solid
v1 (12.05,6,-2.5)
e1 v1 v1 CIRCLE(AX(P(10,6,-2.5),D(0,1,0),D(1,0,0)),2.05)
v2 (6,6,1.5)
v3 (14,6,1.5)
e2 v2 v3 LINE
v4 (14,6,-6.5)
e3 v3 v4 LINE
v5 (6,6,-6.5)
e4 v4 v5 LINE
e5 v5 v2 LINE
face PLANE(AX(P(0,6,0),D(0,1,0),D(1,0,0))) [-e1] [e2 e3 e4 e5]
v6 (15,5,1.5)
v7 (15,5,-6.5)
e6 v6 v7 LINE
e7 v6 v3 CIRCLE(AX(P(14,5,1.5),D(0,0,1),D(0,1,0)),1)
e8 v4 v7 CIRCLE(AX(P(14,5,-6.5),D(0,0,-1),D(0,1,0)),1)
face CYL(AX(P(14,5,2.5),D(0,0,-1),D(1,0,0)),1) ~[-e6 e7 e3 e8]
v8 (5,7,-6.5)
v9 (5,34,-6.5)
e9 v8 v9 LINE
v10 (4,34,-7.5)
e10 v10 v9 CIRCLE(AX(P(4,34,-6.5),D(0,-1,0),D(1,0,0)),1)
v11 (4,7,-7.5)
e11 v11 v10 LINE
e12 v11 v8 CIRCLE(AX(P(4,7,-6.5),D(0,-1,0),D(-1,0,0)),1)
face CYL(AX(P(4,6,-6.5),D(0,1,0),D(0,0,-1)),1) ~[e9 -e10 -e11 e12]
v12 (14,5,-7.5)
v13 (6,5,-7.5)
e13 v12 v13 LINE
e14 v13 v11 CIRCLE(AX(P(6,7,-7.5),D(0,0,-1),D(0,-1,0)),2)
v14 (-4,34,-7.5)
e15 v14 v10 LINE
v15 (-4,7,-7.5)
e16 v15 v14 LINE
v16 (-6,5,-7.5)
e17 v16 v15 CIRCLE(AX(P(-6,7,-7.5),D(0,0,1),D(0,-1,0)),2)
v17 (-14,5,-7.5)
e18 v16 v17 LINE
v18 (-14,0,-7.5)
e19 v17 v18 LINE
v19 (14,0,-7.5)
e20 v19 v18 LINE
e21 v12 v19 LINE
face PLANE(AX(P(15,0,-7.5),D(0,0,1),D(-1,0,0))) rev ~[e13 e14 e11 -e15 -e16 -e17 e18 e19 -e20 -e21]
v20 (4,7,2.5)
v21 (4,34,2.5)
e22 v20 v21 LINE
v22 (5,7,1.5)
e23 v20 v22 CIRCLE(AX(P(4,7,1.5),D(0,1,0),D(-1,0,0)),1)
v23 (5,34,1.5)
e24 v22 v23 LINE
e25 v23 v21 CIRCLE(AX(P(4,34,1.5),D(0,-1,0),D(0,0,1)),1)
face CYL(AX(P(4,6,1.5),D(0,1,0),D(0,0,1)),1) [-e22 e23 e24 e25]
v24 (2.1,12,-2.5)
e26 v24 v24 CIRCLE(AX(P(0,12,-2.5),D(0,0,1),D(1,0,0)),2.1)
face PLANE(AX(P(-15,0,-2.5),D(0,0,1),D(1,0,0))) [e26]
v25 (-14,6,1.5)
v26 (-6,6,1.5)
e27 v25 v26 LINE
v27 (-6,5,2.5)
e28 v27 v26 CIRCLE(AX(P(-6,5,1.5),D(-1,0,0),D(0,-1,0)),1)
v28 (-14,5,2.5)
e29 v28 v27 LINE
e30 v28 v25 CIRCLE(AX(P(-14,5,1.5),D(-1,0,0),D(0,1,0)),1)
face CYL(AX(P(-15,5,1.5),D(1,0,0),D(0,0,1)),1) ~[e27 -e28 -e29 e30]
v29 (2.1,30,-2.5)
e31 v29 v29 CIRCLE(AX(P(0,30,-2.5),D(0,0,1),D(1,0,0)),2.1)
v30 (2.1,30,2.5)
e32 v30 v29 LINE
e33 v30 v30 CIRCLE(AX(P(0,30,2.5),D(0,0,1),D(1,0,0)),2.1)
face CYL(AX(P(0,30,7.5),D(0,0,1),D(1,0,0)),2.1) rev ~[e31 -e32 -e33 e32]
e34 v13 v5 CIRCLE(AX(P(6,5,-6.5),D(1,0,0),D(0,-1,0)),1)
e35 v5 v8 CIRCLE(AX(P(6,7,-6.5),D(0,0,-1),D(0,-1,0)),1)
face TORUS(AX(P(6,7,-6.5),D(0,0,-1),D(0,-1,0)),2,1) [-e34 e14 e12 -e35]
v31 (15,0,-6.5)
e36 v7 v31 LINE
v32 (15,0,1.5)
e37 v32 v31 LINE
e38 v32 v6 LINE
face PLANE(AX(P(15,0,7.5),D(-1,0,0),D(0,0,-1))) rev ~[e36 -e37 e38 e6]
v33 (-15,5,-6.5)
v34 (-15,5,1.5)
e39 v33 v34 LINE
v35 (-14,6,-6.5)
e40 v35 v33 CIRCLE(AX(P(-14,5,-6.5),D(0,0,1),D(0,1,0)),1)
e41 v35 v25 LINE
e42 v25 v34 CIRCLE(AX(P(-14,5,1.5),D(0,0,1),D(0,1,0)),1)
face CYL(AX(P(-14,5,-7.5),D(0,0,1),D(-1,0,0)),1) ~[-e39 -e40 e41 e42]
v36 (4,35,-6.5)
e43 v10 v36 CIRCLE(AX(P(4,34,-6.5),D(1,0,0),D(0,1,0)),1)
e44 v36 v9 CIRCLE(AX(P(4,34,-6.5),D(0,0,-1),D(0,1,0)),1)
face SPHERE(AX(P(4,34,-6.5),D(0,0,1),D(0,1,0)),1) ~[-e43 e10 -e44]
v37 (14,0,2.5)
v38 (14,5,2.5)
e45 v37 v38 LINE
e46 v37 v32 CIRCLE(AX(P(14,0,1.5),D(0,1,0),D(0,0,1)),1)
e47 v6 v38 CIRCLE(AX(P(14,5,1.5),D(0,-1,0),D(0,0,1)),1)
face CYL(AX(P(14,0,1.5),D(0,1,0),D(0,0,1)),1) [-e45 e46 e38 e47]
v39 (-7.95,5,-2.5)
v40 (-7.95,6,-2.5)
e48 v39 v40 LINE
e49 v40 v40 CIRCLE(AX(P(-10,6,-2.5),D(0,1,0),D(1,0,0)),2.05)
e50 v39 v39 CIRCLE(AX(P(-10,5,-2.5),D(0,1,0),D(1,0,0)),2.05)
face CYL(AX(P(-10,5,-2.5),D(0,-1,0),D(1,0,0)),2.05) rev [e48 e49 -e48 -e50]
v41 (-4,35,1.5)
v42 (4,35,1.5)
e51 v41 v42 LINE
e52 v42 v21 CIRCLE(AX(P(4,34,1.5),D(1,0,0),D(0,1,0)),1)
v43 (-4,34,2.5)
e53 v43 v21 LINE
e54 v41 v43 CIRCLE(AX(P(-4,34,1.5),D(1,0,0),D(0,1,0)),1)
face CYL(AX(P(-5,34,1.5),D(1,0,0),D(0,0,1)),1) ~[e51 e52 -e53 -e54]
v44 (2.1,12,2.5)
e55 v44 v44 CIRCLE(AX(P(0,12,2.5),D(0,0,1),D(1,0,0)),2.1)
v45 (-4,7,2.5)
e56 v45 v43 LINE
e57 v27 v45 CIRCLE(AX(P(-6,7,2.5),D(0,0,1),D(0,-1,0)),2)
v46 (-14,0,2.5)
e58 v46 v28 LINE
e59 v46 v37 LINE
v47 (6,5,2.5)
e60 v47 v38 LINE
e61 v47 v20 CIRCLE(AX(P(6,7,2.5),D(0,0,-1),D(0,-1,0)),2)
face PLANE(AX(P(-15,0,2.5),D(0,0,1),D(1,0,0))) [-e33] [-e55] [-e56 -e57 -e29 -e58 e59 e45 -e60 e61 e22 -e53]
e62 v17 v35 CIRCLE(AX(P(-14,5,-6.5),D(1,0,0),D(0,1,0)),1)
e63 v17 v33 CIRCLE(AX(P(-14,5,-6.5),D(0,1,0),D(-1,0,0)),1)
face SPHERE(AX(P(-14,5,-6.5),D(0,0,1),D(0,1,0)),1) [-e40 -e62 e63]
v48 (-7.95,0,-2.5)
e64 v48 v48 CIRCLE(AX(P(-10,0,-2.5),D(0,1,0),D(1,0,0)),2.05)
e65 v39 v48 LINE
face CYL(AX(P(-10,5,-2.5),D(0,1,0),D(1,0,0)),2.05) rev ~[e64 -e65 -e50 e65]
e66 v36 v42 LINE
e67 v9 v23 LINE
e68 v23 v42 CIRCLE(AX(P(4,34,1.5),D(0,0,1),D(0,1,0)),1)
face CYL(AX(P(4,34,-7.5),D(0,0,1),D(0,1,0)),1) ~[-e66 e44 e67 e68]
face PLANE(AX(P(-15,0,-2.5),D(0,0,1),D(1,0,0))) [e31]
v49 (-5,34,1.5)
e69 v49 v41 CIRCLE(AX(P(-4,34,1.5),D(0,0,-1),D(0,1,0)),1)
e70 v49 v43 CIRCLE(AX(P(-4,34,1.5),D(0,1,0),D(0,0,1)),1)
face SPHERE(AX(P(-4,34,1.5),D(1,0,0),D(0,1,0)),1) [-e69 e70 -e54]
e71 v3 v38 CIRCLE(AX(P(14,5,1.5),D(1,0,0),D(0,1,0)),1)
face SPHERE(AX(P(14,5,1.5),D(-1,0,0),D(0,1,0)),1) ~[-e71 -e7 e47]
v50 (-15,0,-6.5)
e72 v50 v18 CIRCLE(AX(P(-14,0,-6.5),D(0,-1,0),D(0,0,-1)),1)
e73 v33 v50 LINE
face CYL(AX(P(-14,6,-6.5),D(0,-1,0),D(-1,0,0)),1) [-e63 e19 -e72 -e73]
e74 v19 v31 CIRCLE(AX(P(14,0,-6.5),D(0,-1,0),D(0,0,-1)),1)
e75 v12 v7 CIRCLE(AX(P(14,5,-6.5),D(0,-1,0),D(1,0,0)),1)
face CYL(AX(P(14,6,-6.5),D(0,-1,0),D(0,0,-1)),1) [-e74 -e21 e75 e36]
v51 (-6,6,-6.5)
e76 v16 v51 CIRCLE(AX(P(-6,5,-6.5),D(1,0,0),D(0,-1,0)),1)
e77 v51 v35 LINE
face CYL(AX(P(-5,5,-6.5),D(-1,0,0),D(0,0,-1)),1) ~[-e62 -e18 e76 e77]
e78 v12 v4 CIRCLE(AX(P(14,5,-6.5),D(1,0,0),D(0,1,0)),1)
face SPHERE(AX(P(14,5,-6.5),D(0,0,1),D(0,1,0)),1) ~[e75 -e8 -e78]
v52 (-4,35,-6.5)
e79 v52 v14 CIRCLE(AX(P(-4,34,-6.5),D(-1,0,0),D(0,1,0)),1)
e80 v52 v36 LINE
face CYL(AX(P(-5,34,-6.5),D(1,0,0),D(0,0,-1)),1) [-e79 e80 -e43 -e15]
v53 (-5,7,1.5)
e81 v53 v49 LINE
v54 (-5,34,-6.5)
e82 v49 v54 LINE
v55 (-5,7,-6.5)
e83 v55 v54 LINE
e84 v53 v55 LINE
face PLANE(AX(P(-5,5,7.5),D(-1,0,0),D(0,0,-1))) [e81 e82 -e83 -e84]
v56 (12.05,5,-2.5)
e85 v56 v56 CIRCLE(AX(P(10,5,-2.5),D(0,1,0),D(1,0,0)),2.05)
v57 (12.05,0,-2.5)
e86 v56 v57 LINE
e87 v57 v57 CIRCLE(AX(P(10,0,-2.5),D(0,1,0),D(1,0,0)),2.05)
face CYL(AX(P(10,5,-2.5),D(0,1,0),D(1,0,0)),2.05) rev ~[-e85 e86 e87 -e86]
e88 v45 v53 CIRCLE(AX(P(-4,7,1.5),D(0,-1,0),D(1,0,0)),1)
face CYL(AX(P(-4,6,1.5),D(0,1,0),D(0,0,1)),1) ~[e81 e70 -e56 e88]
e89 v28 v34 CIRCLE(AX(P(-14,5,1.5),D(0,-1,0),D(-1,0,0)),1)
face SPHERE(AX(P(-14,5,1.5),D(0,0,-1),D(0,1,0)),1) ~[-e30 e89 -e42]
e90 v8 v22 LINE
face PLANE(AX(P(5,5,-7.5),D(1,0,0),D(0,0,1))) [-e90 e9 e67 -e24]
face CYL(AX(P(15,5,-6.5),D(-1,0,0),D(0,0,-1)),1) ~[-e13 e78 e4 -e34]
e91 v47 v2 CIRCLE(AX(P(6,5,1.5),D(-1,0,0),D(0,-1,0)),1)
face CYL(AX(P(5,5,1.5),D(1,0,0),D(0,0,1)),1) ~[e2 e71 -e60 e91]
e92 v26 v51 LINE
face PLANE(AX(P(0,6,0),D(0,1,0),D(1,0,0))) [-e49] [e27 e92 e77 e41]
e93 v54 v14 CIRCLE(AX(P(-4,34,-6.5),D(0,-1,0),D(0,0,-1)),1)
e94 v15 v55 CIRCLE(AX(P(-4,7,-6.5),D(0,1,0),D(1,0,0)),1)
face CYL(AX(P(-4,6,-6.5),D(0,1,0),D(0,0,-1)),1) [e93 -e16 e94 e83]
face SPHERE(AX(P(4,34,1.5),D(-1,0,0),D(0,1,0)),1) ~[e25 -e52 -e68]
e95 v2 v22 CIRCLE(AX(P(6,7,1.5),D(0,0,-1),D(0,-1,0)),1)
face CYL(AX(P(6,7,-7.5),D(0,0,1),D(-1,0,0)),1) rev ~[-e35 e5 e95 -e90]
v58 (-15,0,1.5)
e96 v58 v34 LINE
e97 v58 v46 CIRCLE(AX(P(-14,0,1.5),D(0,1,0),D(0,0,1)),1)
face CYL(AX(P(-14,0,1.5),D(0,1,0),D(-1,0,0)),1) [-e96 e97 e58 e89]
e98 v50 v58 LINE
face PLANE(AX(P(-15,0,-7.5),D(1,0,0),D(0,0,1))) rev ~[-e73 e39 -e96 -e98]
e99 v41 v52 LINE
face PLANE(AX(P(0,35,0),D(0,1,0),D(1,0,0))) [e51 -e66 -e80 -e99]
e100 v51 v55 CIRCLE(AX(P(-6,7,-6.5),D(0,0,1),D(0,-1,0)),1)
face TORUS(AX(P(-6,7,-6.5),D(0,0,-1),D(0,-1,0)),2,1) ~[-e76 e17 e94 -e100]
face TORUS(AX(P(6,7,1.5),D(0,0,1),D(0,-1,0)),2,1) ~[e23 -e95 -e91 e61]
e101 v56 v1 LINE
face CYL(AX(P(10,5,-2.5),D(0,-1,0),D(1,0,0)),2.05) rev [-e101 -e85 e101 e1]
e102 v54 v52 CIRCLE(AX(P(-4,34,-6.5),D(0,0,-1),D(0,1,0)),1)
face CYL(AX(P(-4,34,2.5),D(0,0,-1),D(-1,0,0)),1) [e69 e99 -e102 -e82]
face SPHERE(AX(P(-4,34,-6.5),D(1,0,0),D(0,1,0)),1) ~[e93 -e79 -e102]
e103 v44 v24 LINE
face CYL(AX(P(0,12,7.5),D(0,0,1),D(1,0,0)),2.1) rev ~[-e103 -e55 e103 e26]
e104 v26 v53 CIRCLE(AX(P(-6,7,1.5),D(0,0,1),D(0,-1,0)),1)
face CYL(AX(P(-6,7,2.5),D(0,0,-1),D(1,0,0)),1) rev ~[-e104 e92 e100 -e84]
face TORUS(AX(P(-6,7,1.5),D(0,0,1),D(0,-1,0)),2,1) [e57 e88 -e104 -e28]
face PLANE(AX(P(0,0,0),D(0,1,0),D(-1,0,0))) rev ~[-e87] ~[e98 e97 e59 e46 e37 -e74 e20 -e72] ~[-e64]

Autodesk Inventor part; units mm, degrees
ref_plane "YZ Plane" through (0, 0, 0) normal (1, 0, 0) x (0, 1, 0)
ref_plane "XZ Plane" through (0, 0, 0) normal (0, 1, 0) x (-1, 0, 0)
ref_plane "XY Plane" through (0, 0, 0) normal (0, 0, 1) x (1, 0, 0)
sketch "Sketch1" plane through (0, 0, 0) normal (0, 1, 0) x (-1, 0, 0)
  line L0 (15, 7.5) -> (-15, 7.5)
  line L1 (-15, 7.5) -> (-15, -7.5)
  line L2 (-15, -7.5) -> (15, -7.5)
  line L3 (15, -7.5) -> (15, 7.5)
  line L4 (15, 7.5) -> (-15, -7.5) construction
  line L5 (-15, 7.5) -> (15, -7.5) construction
  point P0 (0, 0)
  dimension "d0" = 30
  dimension "d1" = 15
extrude "Extrusion1" add sketch "Sketch1" along normal blind 5
sketch "Sketch2" plane through (0, 5, 0) normal (0, 1, 0) x (1, 0, 0)
  line L0 (5, -7.5) -> (-5, -7.5)
  line L1 (-5, -7.5) -> (-5, 7.5)
  line L2 (-5, 7.5) -> (5, 7.5)
  line L3 (5, 7.5) -> (5, -7.5)
  line L4 (5, -7.5) -> (-5, 7.5) construction
  line L5 (-5, -7.5) -> (5, 7.5) construction
  point P0 (0, 0)
  dimension "d4" = 10
  dimension "d5" = 15
extrude "Extrusion2" add sketch "Sketch2" along normal blind 30
sketch "Sketch3" plane through (-15, 0, 7.5) normal (0, 0, 1) x (1, 0, 0)
  circle A0 centre (15, 12) radius 2.1
  line L0 (0, 0) -> (30, 0) projected
  point P0 (15, 0)
  dimension "d8" = 4.2
  dimension "d9" = 12
extrude "Extrusion3" cut sketch "Sketch3" against normal blind 10
sketch "Sketch4" plane through (0, 5, 0) normal (0, 1, 0) x (1, 0, 0)
  circle A0 centre (-10, 2.5) radius 2.05
  line L0 (-15, 7.5) -> (-15, -7.5) projected
  line L1 (15, 7.5) -> (-15, 7.5) projected
  circle A1 centre (10, 2.5) radius 2.05
  line L2 (15, -7.5) -> (15, 7.5) projected
  line L3 (15, 7.5) -> (-15, 7.5) projected
  point P0 (0, 0)
  point P1 (-5, 7.5)
  point P2 (-10, 7.5)
  point P3 (5, 7.5)
  dimension "d12" = 4.1
  dimension "d13" = 5
  dimension "d14" = 5
  dimension "d15" = 4.1
  dimension "d16" = 5
  dimension "d17" = 5
extrude "Extrusion4" cut sketch "Sketch4" against normal through all
sketch "Sketch5" plane through (-15, 0, 7.5) normal (0, 0, 1) x (1, 0, 0)
  circle A0 centre (15, 30) radius 2.1
  line L0 (10, 35) -> (20, 35) projected
  point P0 (15, 0)
  dimension "d20" = 4.2
  dimension "d21" = 5
extrude "Extrusion5" cut sketch "Sketch5" against normal blind 10
sketch "Sketch8" plane through (-15, 0, 7.5) normal (0, 0, 1) x (1, 0, 0)
  circle A0 centre (15, 30) radius 2.1 projected
  circle A1 centre (15, 12) radius 2.1 projected
  circle A2 centre (15, 30) radius 2.1
  circle A3 centre (15, 12) radius 2.1
  circle A4 centre (15, 30) radius 2.1 projected
  circle A5 centre (15, 12) radius 2.1 projected
  line L0 (0, 0) -> (30, 0) projected
  line L1 (30, 0) -> (30, 5) projected
  line L2 (20, 5) -> (30, 5) projected
  line L3 (20, 5) -> (20, 35) projected
  line L4 (10, 35) -> (20, 35) projected
  line L5 (10, 5) -> (10, 35) projected
  line L6 (0, 5) -> (10, 5) projected
  line L7 (0, 0) -> (0, 5) projected
  line L8 (10, 35) -> (10, 5)
  line L9 (0, 5) -> (0, 0)
  line L10 (30, 0) -> (30, 5)
  line L11 (20, 5) -> (20, 35)
  point P0 (15, 0)
extrude "Extrusion7" cut sketch "Sketch8" against normal blind 5
sketch "Sketch9" plane through (0, 5, 0) normal (0, 1, 0) x (1, 0, 0)
  line L0 (-15, -2.5) -> (-5, -2.5) projected
  line L1 (-5, -2.5) -> (-5, 7.5) projected
  line L2 (-5, 7.5) -> (-15, 7.5) projected
  line L3 (-15, 7.5) -> (-15, -2.5) projected
  circle A0 centre (-10, 2.5) radius 2.05 projected
  line L4 (5, -2.5) -> (15, -2.5) projected
  line L5 (15, -2.5) -> (15, 7.5) projected
  line L6 (15, 7.5) -> (5, 7.5) projected
  line L7 (5, 7.5) -> (5, -2.5) projected
  circle A1 centre (10, 2.5) radius 2.05 projected
  point P0 (0, 0)
extrude "Extrusion8" add sketch "Sketch9" along normal blind 1
fillet "Fillet1" radius 1 20 edges at (0, 35, 2.5) (5, 35, -2.5) (0, 35, -7.5) (-5, 35, -2.5) (5, 20.5, 2.5) (5, 20.5, -7.5) (-5, 20.5, 2.5) (-5, 20.5, -7.5) (5, 6, -2.5) (-5, 6, -2.5) (-15, 6, -2.5) (-10, 6, 2.5) (10, 6, 2.5) (15, 6, -2.5) (10, 6, -7.5) (-10, 6, -7.5) (15, 3, 2.5) (15, 3, -7.5) (-15, 3, 2.5) (-15, 3, -7.5)
properties part number "al_rod_bracket" material "ABS Plastic"
